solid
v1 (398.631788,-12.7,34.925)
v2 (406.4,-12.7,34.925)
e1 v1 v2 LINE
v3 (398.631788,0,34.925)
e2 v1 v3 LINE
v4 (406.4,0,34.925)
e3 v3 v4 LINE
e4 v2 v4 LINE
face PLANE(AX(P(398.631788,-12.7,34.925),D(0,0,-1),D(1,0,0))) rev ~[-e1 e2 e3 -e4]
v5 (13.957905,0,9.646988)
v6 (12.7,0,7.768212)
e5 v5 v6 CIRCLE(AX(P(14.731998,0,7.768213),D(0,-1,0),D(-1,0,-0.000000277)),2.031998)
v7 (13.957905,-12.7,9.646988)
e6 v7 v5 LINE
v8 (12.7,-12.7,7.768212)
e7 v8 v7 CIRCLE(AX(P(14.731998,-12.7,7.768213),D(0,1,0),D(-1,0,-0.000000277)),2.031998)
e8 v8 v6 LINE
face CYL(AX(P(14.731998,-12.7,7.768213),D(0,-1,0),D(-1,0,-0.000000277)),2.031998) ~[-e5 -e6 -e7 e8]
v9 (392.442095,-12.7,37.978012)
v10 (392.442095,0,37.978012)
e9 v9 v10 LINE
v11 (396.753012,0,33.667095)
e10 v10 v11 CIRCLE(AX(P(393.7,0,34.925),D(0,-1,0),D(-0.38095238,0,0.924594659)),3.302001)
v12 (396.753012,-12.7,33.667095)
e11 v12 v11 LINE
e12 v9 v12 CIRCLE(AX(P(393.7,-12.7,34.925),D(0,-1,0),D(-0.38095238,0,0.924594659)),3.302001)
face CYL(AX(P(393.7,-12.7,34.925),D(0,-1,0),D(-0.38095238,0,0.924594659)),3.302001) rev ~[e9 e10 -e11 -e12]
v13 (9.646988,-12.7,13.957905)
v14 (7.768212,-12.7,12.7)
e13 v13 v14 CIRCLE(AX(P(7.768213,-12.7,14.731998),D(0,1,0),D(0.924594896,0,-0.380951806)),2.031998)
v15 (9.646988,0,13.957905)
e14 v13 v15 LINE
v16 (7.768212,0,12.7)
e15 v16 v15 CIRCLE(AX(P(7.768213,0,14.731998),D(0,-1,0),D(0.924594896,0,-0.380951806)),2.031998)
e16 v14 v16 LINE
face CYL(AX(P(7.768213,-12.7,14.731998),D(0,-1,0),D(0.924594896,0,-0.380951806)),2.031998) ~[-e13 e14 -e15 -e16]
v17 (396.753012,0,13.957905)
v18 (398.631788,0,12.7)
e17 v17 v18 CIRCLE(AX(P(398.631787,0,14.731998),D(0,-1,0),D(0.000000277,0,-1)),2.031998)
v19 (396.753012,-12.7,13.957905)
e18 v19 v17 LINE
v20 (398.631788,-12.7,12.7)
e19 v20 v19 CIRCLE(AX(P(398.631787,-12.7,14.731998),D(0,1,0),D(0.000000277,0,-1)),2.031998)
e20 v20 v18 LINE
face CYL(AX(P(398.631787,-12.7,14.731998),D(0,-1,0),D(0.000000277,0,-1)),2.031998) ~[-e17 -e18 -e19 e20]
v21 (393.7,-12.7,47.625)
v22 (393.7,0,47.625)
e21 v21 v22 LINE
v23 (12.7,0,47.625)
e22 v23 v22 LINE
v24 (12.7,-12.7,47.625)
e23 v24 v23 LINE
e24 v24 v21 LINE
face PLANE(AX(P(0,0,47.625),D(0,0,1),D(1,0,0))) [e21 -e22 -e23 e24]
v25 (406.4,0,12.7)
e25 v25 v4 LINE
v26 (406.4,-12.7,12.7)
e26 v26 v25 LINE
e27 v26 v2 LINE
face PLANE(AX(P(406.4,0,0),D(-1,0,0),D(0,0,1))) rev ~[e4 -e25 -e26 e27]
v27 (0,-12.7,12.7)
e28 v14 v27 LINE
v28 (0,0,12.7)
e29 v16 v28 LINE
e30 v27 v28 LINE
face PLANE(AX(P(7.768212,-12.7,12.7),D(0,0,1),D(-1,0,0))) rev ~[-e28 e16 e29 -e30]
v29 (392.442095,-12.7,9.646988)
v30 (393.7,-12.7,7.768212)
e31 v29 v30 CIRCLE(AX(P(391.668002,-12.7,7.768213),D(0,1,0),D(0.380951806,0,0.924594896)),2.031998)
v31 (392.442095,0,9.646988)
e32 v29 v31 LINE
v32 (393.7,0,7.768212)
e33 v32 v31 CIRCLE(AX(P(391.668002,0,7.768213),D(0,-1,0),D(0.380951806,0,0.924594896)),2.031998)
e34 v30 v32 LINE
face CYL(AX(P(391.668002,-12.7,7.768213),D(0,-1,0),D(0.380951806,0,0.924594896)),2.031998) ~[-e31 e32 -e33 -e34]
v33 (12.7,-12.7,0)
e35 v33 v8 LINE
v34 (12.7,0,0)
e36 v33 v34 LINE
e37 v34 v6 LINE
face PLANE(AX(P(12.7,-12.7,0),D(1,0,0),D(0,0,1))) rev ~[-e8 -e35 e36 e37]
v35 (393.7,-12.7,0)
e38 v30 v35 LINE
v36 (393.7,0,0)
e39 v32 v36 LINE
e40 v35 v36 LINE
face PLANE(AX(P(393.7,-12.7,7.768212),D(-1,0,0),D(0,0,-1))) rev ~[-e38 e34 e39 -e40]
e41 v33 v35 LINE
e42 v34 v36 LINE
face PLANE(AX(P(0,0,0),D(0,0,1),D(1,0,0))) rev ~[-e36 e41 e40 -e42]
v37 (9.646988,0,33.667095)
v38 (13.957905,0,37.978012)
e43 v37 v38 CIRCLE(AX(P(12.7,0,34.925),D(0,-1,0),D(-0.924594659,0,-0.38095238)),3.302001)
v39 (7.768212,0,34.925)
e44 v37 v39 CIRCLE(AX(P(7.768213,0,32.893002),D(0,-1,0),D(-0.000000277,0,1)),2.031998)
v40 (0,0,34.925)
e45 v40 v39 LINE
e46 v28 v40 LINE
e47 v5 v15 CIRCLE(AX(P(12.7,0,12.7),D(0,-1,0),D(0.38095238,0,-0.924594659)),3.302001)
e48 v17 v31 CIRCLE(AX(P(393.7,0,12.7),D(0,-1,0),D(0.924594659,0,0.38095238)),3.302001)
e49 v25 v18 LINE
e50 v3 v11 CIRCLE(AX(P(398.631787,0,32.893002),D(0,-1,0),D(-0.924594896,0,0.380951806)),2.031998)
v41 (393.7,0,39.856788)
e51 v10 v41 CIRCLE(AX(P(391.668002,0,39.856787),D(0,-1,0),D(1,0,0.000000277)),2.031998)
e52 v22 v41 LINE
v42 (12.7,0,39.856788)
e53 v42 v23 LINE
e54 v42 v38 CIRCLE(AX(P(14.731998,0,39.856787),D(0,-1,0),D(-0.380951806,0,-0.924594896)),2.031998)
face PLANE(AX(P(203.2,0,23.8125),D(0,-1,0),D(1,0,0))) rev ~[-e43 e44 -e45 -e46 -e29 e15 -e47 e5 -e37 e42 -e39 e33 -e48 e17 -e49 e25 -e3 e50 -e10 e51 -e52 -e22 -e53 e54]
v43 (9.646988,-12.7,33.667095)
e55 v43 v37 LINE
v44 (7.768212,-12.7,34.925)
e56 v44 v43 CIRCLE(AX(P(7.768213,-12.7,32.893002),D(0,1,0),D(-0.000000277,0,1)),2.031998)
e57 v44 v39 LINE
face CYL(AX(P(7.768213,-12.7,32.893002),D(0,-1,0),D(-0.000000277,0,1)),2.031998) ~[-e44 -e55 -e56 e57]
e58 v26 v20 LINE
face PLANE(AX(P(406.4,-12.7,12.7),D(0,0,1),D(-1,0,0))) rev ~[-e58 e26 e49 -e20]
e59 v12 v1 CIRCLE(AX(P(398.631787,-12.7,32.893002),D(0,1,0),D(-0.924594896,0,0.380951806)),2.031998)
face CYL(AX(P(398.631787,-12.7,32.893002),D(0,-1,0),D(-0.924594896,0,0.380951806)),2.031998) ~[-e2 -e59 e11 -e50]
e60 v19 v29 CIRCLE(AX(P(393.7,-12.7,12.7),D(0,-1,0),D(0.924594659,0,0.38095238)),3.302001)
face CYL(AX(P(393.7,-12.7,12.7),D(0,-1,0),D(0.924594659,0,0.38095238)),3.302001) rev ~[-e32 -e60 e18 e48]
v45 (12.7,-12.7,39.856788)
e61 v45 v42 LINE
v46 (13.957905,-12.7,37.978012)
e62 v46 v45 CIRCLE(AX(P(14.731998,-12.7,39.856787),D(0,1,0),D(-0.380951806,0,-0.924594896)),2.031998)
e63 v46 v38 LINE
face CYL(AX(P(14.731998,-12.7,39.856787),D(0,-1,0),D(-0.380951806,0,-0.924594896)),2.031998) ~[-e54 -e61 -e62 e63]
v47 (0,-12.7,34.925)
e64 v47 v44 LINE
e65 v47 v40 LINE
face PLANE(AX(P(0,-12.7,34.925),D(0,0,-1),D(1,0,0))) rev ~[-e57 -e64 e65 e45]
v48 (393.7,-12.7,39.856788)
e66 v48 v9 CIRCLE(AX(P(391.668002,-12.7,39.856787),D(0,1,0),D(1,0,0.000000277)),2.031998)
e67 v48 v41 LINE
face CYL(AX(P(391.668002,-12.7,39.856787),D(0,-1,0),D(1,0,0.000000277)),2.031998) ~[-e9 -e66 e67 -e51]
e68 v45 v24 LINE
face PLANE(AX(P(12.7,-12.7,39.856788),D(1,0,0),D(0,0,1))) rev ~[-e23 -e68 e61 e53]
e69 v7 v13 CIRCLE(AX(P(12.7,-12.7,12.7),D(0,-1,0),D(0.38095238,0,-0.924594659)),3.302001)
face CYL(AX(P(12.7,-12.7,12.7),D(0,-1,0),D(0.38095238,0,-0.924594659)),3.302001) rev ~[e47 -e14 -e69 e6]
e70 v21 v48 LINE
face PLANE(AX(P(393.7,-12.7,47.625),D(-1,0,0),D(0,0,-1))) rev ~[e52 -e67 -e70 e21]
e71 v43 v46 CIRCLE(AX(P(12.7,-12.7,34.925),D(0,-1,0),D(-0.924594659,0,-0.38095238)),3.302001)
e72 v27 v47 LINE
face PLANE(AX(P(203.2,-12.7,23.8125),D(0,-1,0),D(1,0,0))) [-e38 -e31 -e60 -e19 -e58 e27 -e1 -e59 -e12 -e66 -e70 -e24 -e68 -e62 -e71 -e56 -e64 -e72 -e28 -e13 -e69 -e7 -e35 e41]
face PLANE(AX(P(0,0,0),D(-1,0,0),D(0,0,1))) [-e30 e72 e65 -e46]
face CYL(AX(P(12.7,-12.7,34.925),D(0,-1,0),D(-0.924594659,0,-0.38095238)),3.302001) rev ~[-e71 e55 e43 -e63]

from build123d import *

# Parameters (mm, degrees)
F0_W     = 406.4
F0_H     = 47.625
F1_DEPTH = 12.7
F3_DEPTH = 25.4


with BuildPart() as f1:
    # F0 (on Front) → F1 (new body)
    with BuildSketch(Plane.XZ):
        with Locations((203.2, 23.8125)):
            Rectangle(F0_W, F0_H)
    extrude(amount=F1_DEPTH)

    # F2 (on face) → F3 (cut)
    with BuildSketch(Plane.XZ.offset(12.7)):
        with BuildLine():
            Line((12.7, 47.625), (0, 47.625))
            Line((0, 47.625), (0, 34.925))
            Line((0, 34.925), (7.768212, 34.925))
            ThreePointArc((7.768212, 34.925), (8.898713, 34.581488), (9.646988, 33.667095))
            ThreePointArc((9.646988, 33.667095), (15.034867, 32.590133), (13.957905, 37.978012))
            ThreePointArc((13.957905, 37.978012), (13.043512, 38.726287), (12.7, 39.856788))
            Line((12.7, 39.856788), (12.7, 47.625))
        make_face()
        with BuildLine():
            Line((0, 12.7), (0, 0))
            Line((0, 0), (12.7, 0))
            Line((12.7, 0), (12.7, 7.768212))
            ThreePointArc((12.7, 7.768212), (13.043512, 8.898713), (13.957905, 9.646988))
            ThreePointArc((13.957905, 9.646988), (15.034867, 15.034867), (9.646988, 13.957905))
            ThreePointArc((9.646988, 13.957905), (8.898713, 13.043512), (7.768212, 12.7))
            Line((7.768212, 12.7), (0, 12.7))
        make_face()
        with BuildLine():
            Line((406.4, 12.7), (398.631788, 12.7))
            ThreePointArc((398.631788, 12.7), (397.501287, 13.043512), (396.753012, 13.957905))
            ThreePointArc((396.753012, 13.957905), (391.365133, 15.034867), (392.442095, 9.646988))
            ThreePointArc((392.442095, 9.646988), (393.356488, 8.898713), (393.7, 7.768212))
            Line((393.7, 7.768212), (393.7, 0))
            Line((393.7, 0), (406.4, 0))
            Line((406.4, 0), (406.4, 12.7))
        make_face()
        with BuildLine():
            ThreePointArc((392.442095, 37.978012), (391.365133, 32.590133), (396.753012, 33.667095))
            ThreePointArc((396.753012, 33.667095), (397.501287, 34.581488), (398.631788, 34.925))
            Line((398.631788, 34.925), (406.4, 34.925))
            Line((406.4, 34.925), (406.4, 47.625))
            Line((406.4, 47.625), (393.7, 47.625))
            Line((393.7, 47.625), (393.7, 39.856788))
            ThreePointArc((393.7, 39.856788), (393.356488, 38.726287), (392.442095, 37.978012))
        make_face()
    extrude(amount=-F3_DEPTH, mode=Mode.SUBTRACT)


solid = f1.part
